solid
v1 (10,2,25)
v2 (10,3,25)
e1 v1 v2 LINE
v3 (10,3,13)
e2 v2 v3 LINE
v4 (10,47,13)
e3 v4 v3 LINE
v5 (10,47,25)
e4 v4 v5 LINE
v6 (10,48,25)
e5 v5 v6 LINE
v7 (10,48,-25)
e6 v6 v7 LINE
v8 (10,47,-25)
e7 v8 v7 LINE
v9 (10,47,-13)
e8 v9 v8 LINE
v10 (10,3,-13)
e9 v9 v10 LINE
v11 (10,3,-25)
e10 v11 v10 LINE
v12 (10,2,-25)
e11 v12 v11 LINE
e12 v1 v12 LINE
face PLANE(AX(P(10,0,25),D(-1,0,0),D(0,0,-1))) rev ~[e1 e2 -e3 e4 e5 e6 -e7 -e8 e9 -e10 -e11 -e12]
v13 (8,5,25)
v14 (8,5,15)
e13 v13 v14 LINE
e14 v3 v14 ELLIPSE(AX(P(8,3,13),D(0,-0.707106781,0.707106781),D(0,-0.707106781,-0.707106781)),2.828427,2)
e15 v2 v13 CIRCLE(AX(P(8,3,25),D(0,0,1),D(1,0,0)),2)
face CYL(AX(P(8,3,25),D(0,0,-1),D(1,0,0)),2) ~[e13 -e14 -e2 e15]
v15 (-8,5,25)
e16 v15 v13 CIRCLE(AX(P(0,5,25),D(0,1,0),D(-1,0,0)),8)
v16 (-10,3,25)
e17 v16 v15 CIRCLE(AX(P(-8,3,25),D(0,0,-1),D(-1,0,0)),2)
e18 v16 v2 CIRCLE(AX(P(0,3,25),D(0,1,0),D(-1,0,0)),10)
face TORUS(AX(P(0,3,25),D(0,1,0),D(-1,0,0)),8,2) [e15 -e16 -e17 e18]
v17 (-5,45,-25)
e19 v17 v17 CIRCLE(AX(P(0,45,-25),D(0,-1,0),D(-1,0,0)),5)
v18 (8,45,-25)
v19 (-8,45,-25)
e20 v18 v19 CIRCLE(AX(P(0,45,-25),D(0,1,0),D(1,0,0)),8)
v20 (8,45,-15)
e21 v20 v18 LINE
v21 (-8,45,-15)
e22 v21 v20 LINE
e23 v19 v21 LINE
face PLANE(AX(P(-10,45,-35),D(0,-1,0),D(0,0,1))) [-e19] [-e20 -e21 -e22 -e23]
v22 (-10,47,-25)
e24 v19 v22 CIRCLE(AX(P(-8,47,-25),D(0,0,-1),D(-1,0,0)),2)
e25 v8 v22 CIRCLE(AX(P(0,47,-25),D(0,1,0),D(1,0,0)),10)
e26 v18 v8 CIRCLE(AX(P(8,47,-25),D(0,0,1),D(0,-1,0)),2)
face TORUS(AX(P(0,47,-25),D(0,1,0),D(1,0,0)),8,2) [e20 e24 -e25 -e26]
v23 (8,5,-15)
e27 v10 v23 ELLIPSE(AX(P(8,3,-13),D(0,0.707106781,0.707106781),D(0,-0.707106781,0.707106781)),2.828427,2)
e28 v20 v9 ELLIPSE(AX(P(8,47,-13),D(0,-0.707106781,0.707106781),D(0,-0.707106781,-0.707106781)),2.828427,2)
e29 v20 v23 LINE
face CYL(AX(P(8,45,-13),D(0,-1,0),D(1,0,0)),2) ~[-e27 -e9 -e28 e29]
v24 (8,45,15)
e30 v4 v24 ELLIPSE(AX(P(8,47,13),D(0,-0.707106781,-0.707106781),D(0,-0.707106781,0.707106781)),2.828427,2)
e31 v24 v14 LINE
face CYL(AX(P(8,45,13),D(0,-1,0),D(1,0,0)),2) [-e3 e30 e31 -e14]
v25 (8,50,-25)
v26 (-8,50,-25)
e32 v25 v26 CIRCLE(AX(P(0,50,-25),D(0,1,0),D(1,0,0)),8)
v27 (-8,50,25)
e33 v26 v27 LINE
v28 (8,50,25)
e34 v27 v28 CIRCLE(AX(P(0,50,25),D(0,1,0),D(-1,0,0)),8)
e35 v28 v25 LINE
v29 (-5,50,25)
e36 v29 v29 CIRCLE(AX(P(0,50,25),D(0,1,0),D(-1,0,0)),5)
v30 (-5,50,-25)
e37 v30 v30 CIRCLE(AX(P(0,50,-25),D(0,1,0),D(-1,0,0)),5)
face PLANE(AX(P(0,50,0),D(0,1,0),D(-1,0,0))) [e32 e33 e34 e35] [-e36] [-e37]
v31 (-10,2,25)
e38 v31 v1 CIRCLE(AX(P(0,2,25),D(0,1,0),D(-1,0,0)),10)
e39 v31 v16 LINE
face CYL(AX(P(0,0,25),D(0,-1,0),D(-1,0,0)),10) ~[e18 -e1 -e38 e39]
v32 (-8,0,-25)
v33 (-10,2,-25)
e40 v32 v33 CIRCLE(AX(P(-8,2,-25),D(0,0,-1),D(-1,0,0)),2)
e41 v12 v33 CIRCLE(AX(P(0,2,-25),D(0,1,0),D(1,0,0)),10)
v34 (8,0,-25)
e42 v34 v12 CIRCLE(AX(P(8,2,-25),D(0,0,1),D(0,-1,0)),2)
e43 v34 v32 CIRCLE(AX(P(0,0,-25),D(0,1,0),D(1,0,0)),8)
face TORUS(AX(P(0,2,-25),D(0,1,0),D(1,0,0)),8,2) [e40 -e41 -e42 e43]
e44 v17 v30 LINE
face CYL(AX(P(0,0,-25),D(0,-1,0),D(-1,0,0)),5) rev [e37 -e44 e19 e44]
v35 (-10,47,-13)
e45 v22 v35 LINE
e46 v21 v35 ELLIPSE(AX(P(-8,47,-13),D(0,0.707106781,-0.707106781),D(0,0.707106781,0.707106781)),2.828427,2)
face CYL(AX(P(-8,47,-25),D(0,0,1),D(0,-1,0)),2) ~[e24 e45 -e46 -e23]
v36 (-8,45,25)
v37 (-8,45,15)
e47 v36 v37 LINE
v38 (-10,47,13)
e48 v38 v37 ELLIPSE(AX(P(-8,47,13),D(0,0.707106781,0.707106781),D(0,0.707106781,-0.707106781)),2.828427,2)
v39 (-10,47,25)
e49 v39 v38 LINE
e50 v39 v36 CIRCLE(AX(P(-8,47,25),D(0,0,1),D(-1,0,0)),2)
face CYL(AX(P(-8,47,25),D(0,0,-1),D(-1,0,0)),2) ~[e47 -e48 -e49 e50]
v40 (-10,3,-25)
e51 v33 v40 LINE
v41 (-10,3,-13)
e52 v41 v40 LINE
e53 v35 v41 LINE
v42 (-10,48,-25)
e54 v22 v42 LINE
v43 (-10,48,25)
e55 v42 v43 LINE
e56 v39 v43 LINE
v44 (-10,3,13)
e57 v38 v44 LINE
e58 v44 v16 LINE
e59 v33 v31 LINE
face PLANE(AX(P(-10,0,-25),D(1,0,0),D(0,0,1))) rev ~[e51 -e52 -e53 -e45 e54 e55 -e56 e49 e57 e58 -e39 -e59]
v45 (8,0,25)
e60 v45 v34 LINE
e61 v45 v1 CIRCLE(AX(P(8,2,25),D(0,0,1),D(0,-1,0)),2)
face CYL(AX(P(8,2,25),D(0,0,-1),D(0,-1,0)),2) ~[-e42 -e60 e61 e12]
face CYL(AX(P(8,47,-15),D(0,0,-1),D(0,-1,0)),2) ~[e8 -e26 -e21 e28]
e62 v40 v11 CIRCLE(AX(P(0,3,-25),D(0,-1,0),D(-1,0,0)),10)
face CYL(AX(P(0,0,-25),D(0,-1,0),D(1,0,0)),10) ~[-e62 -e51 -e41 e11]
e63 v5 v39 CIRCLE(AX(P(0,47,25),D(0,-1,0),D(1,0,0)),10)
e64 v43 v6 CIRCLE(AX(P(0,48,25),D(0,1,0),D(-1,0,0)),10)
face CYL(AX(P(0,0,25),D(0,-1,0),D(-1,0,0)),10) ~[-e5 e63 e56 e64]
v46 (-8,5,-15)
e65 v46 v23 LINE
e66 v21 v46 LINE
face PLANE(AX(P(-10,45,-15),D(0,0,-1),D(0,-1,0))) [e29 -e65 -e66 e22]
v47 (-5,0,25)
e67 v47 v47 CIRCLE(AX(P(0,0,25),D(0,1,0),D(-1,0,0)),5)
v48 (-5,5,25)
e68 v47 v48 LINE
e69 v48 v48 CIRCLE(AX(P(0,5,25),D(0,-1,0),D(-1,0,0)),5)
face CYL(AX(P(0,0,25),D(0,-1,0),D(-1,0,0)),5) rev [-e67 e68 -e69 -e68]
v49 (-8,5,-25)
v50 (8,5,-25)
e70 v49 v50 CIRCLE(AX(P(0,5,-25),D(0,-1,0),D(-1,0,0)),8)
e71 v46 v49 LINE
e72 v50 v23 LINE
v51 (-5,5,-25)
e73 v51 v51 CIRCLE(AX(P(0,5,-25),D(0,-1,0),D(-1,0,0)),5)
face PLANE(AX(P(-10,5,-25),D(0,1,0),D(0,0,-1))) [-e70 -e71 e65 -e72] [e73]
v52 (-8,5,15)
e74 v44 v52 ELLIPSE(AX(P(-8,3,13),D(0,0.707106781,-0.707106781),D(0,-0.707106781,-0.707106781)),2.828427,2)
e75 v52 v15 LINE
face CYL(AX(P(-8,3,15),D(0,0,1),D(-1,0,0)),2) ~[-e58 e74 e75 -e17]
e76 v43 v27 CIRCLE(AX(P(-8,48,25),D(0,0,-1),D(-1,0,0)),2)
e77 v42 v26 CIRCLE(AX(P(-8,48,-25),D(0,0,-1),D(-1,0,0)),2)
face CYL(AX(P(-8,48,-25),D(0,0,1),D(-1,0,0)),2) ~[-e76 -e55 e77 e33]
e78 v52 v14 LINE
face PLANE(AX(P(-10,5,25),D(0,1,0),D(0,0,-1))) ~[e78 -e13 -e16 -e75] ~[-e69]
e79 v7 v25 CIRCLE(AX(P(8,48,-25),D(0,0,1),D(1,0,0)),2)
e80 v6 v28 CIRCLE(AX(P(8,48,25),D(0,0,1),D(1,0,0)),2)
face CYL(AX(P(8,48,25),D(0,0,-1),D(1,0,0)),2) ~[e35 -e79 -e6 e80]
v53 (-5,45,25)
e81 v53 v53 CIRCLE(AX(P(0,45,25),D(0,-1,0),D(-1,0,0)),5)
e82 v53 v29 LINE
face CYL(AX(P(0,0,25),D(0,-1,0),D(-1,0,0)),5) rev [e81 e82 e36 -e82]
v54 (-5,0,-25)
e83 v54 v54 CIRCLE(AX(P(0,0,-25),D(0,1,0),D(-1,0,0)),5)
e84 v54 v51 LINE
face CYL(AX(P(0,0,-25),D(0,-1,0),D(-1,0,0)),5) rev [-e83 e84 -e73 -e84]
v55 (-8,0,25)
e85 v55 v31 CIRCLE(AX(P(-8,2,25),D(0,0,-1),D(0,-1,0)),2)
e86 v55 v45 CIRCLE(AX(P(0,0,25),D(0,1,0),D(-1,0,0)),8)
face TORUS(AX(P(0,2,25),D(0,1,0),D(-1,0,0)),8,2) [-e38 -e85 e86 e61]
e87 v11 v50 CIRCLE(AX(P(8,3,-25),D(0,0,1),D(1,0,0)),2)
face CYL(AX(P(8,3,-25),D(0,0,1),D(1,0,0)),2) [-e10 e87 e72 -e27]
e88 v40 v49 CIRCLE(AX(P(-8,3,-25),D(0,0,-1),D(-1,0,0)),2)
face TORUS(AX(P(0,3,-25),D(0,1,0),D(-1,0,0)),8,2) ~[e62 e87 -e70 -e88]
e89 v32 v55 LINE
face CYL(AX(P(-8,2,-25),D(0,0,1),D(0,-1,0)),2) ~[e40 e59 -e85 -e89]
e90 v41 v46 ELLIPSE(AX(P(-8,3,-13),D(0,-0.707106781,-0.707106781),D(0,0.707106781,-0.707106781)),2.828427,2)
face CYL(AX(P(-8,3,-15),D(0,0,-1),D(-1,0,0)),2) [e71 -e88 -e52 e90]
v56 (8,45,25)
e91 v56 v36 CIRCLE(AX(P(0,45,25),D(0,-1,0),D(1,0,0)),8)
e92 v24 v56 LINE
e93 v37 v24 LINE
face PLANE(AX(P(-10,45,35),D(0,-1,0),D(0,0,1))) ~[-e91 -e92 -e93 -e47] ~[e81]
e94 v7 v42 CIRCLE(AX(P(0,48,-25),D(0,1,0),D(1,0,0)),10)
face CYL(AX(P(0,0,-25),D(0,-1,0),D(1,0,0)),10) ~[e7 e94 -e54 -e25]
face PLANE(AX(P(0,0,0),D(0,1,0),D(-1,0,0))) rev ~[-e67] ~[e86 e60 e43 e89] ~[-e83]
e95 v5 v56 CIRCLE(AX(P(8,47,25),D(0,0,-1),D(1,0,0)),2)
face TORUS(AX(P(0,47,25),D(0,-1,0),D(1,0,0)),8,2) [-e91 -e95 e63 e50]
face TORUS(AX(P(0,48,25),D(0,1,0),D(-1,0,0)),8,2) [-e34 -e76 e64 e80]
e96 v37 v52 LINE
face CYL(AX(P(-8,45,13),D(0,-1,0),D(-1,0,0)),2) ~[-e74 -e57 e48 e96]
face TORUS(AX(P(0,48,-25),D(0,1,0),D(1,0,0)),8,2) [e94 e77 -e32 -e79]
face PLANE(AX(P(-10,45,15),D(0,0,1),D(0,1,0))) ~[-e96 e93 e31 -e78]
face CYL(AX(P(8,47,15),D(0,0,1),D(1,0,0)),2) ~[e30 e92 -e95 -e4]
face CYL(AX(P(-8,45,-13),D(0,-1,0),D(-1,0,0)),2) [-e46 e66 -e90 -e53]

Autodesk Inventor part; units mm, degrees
ref_plane "YZ Plane" through (0, 0, 0) normal (1, 0, 0) x (0, 1, 0)
ref_plane "XZ Plane" through (0, 0, 0) normal (0, 1, 0) x (-1, 0, 0)
ref_plane "XY Plane" through (0, 0, 0) normal (0, 0, 1) x (1, 0, 0)
sketch "Sketch1" plane through (0, 0, 0) normal (0, 1, 0) x (-1, 0, 0)
  line L0 (10, -25) -> (10, 25)
  line L1 (-10, 25) -> (-10, -25)
  arc A0 (10, 25) -> (-10, 25) centre (0, 25) ccw
  arc A1 (-10, -25) -> (10, -25) centre (0, -25) ccw
  circle A2 centre (0, 25) radius 5
  circle A3 centre (0, -25) radius 5
  point P0 (0, 0)
extrude "Extrusion1" add sketch "Sketch1" along normal blind 50
sketch "Sketch2" plane through (-10, 0, -25) normal (-1, 0, 0) x (0, 0, 1)
  line L0 (-10, 0) -> (-10, 50) projected
  line L1 (10, 5) -> (-10, 5)
  line L2 (-10, 5) -> (-10, 45)
  line L3 (-10, 45) -> (10, 45)
  line L4 (10, 45) -> (10, 5)
  line L5 (0, 0) -> (0, 50) projected
  point P0 (25, 0)
  dimension "d6" = 40
extrude "Extrusion2" cut sketch "Sketch2" against normal up to surface (20 mm away)
mirror "Mirror1" about plane through (0, 0, 0) normal (0, 0, 1) of "Extrusion2"
fillet "Fillet1" radius 2 24 edges at (0, 50, -35) (-10, 50, 0) (0, 50, 35) (10, 50, 0) (0, 45, -35) (-10, 45, -20) (10, 45, -20) (10, 25, -15) (10, 25, 15) (10, 45, 20) (-10, 45, 20) (0, 45, 35) (-10, 25, 15) (-10, 5, 20) (10, 5, 20) (0, 5, 35) (10, 0, 0) (0, 0, -35) (-10, 0, 0) (0, 0, 35) (10, 5, -20) (-10, 5, -20) (0, 5, -35) (-10, 25, -15)
properties part number "Link2"
